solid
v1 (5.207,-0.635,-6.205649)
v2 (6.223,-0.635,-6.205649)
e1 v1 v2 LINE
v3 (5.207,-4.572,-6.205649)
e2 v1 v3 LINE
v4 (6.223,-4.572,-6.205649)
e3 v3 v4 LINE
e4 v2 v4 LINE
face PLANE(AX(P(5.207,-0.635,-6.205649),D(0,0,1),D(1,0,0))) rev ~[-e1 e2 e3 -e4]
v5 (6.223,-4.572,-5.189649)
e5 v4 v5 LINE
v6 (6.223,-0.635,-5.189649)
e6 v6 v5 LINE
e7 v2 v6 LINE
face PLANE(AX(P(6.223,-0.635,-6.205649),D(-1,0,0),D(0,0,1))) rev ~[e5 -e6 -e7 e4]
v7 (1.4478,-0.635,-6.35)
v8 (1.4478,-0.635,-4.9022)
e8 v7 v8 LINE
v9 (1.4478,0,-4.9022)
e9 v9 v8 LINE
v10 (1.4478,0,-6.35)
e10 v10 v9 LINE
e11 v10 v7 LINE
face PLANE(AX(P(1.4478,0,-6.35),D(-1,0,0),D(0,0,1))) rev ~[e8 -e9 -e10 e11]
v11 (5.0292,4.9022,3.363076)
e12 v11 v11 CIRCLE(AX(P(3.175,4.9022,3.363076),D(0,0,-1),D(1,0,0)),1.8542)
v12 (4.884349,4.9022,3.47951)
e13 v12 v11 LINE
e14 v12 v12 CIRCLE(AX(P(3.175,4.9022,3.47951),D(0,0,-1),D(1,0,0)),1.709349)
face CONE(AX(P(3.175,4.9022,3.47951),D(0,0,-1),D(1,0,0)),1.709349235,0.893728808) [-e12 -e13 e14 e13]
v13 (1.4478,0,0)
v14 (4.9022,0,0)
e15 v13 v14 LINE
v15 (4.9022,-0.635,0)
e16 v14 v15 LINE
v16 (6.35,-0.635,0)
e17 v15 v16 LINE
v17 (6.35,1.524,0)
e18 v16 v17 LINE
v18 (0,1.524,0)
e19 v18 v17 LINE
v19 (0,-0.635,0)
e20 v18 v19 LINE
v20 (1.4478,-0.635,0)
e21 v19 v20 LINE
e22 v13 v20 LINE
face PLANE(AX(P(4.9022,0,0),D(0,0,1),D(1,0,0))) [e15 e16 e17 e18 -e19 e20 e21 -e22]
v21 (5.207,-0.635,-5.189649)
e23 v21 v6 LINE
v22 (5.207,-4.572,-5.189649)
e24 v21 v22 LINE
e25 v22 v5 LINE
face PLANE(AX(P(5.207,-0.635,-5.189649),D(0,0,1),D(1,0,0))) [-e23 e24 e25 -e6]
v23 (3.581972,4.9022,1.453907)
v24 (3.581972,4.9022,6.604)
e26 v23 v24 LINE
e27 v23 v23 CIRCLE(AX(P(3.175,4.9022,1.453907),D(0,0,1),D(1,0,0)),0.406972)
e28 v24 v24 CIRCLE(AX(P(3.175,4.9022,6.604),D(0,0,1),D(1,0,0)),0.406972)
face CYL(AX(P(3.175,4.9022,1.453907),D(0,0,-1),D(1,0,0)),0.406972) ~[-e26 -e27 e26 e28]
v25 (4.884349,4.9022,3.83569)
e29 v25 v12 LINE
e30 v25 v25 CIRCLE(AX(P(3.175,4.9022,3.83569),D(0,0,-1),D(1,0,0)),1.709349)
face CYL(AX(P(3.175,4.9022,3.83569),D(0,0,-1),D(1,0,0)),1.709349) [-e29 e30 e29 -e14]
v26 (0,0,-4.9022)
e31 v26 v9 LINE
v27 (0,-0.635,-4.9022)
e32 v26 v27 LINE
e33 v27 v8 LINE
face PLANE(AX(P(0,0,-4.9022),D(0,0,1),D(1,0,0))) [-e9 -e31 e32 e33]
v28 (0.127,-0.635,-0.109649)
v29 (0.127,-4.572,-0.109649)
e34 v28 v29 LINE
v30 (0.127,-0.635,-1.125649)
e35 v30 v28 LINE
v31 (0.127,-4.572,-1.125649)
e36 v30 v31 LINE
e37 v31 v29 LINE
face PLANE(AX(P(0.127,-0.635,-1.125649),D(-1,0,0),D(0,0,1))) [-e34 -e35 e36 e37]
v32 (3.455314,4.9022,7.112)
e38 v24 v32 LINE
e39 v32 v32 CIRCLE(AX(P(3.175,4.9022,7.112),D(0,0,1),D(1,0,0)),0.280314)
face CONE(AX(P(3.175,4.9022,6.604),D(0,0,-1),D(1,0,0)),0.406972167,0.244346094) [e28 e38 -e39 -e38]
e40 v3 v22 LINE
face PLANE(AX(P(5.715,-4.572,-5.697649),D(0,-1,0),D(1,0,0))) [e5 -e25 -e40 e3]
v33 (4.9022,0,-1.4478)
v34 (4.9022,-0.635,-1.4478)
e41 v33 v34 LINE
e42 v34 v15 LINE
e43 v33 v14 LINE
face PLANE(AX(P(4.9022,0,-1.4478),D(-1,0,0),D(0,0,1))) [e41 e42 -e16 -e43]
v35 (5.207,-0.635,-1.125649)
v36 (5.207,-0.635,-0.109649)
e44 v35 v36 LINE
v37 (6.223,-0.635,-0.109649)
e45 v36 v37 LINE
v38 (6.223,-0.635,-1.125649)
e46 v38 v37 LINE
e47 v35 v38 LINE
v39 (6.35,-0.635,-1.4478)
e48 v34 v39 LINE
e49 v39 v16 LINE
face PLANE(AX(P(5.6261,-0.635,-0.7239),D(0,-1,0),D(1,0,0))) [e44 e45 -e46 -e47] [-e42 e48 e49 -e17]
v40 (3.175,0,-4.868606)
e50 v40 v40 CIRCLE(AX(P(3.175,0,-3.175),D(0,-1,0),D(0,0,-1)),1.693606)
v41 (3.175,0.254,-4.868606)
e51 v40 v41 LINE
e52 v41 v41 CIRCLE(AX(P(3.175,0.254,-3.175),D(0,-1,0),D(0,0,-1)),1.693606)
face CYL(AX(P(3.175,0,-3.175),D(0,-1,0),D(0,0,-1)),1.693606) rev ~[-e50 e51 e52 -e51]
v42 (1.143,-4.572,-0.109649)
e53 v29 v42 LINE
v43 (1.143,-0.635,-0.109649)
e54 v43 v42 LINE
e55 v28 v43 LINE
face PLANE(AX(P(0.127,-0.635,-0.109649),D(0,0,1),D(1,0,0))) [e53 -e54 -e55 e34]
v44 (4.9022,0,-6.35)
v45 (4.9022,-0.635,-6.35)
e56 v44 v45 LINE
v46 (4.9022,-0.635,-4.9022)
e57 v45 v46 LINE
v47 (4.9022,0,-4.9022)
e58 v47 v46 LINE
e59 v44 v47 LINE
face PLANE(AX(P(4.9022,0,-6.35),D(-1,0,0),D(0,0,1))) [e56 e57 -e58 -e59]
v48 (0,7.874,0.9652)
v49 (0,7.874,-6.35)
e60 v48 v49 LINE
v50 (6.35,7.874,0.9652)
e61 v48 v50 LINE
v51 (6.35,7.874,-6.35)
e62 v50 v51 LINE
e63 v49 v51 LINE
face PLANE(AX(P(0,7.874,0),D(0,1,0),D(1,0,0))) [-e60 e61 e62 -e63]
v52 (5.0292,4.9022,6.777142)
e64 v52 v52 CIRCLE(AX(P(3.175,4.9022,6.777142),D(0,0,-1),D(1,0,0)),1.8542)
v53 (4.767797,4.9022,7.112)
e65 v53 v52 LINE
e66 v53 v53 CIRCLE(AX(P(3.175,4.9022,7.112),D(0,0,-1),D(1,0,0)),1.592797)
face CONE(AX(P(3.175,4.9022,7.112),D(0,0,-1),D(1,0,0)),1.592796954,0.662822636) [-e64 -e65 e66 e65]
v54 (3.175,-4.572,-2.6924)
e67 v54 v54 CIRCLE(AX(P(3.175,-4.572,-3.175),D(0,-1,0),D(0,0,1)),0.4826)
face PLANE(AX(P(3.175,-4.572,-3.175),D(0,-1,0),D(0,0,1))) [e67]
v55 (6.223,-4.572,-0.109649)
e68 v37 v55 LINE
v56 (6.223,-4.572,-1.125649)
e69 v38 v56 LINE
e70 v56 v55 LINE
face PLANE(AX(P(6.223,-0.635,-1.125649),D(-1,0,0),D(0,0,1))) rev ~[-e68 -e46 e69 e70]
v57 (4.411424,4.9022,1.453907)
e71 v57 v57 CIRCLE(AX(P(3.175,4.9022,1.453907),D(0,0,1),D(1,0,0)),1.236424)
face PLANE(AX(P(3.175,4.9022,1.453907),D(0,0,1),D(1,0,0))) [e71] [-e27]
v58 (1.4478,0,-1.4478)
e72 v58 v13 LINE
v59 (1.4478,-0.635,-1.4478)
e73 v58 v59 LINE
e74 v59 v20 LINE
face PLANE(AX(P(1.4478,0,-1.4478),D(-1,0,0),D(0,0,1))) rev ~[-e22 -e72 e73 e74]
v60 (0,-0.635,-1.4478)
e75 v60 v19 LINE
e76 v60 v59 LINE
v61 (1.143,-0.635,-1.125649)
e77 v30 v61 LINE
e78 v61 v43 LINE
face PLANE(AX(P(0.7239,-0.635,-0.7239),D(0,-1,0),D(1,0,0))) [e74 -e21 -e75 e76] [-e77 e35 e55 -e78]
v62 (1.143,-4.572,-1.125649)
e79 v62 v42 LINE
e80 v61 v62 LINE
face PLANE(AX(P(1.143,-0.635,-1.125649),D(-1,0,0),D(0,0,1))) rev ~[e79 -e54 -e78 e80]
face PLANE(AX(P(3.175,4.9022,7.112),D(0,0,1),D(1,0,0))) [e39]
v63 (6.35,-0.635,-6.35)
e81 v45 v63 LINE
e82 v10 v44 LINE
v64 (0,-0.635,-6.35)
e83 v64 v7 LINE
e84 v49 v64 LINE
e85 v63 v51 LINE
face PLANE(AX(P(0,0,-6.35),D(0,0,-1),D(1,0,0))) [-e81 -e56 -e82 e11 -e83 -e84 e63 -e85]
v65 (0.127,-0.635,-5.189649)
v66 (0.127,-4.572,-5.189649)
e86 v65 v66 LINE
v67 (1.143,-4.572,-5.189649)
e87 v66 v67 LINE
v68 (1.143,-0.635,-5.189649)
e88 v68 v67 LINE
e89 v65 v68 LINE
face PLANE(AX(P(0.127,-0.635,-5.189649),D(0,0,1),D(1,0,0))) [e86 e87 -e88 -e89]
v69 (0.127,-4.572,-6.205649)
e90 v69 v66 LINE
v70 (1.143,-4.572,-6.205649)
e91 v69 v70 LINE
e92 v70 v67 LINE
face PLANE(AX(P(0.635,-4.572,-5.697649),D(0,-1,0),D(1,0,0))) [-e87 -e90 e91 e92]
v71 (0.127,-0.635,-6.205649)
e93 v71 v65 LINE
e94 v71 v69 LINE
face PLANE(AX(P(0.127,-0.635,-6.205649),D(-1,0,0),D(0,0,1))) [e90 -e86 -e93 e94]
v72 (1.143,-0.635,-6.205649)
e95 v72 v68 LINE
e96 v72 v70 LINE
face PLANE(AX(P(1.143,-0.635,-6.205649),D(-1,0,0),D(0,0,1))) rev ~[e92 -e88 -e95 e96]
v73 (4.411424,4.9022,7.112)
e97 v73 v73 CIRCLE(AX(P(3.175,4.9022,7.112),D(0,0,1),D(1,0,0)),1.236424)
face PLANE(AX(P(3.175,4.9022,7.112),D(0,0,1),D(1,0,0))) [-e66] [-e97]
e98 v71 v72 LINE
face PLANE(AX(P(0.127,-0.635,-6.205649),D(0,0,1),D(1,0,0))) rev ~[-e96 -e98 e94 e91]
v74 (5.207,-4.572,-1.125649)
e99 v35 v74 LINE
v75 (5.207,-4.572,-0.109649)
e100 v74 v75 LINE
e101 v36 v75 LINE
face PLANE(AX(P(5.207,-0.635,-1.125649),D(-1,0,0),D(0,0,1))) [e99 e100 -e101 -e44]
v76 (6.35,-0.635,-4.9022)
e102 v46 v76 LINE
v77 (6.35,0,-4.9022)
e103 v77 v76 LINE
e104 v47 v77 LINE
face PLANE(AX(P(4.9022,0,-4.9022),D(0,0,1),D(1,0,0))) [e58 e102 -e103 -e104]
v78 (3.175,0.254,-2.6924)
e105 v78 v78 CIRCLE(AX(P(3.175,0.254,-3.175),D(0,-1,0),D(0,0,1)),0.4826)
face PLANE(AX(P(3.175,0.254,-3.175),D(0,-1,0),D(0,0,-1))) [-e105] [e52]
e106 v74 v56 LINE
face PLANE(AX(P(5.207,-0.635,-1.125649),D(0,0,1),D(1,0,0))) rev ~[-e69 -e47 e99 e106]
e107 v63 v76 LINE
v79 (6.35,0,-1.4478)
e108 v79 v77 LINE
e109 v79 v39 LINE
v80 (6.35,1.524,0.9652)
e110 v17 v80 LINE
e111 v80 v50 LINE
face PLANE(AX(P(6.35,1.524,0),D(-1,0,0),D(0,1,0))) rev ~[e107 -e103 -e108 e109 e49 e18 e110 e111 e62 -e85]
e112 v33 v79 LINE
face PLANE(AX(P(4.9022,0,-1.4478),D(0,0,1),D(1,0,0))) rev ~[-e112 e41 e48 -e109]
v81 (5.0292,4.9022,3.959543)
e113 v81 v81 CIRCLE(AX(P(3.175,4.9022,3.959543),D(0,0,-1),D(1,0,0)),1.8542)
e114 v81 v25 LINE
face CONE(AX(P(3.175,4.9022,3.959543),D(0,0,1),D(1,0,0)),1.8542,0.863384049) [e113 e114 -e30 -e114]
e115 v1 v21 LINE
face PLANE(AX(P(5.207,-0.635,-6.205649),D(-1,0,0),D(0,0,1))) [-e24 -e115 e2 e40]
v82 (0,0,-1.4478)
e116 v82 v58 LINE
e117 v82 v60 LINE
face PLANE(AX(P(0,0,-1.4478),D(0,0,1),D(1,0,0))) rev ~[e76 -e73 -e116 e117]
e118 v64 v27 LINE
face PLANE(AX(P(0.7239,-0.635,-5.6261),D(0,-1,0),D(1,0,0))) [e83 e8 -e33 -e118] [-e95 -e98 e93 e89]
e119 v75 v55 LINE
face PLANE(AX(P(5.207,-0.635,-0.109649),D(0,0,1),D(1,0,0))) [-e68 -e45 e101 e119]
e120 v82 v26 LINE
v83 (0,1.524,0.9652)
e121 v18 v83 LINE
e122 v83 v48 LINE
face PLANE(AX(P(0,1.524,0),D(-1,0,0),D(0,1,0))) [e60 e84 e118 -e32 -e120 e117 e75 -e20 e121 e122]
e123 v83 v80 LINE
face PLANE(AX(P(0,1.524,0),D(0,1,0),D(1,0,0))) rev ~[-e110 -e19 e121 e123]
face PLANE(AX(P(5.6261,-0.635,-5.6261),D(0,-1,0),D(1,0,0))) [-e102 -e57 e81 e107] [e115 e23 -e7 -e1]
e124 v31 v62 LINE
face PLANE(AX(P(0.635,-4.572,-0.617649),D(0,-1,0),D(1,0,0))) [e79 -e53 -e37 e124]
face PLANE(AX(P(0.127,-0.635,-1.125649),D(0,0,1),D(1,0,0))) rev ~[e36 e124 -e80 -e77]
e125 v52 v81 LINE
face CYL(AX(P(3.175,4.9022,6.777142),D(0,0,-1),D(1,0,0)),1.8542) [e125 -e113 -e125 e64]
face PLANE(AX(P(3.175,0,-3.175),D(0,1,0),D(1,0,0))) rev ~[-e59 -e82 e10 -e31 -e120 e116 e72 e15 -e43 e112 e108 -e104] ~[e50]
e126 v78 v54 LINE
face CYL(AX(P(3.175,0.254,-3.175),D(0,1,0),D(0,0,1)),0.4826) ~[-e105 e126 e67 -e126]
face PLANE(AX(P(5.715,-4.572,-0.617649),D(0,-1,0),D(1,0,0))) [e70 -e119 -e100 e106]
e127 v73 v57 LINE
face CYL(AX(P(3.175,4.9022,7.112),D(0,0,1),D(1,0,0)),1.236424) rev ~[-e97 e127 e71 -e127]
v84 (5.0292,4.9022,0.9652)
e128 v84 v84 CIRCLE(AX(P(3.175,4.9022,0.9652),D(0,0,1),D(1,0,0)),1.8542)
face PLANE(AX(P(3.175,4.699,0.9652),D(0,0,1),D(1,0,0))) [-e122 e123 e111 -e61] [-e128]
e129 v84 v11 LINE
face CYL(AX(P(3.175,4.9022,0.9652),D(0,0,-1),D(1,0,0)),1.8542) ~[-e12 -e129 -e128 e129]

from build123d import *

# Parameters (mm, degrees)
SKETCH1_W          = 6.35
SKETCH1_H          = 6.35
EXTRUDE1_DEPTH     = 7.874
SKETCH2_W          = 1.4478
SKETCH2_H          = 1.4478
EXTRUDE2_DEPTH     = 0.635
SKETCH3_W          = 1.016
SKETCH3_H          = 1.016
EXTRUDE3_DEPTH     = 3.937
SKETCH4_R          = 1.693605641
CUT_EXTRUDE1_DEPTH = 0.254
SKETCH5_R          = 0.4826
EXTRUDE4_DEPTH     = 4.826
SKETCH6_W          = 6.35
SKETCH6_H          = 6.35
EXTRUDE5_DEPTH     = 0.9652
SKETCH7_R          = 1.8542
EXTRUDE6_DEPTH     = 6.1468
SKETCH9_R          = 1.236423773
CUT_EXTRUDE2_DEPTH = 5.658092827
SKETCH10_R         = 0.406972167
EXTRUDE7_DEPTH     = 5.658092827
CHAMFER1_SIZE      = 0.508
CHAMFER1_SIZE2     = 0.126658625


with BuildPart() as part:
    # Sketch1 → Extrude1 (new body)
    with BuildSketch(Plane(origin=(0, 0, 0), x_dir=(1, 0, 0), z_dir=(0, 1, 0))):
        with Locations((3.175, 3.175)):
            Rectangle(SKETCH1_W, SKETCH1_H)
    extrude(amount=EXTRUDE1_DEPTH)

    # Sketch2 → Extrude2 (add)
    with BuildSketch(Plane.XZ):
        with Locations((5.6261, -0.7239)):
            Rectangle(SKETCH2_W, SKETCH2_H)
        with Locations((5.6261, -5.6261)):
            Rectangle(SKETCH2_W, SKETCH2_H)
        with Locations((0.7239, -5.6261)):
            Rectangle(SKETCH2_W, SKETCH2_H)
        with Locations((0.7239, -0.7239)):
            Rectangle(SKETCH2_W, SKETCH2_H)
    extrude(amount=EXTRUDE2_DEPTH)

    # Sketch3 → Extrude3 (add)
    with BuildSketch(Plane.XZ.offset(0.635)):
        with Locations((5.715, -0.617649022)):
            Rectangle(SKETCH3_W, SKETCH3_H)
        with Locations((5.715, -5.697649022)):
            Rectangle(SKETCH3_W, SKETCH3_H)
        with Locations((0.635, -5.697649022)):
            Rectangle(SKETCH3_W, SKETCH3_H)
        with Locations((0.635, -0.617649022)):
            Rectangle(SKETCH3_W, SKETCH3_H)
    extrude(amount=EXTRUDE3_DEPTH)

    # Sketch4 → Cut-Extrude1 (cut)
    with BuildSketch(Plane.XZ):
        with Locations(Location((3.175, -3.175, 0), (0, 0, 270))):
            Circle(SKETCH4_R)
    extrude(amount=-CUT_EXTRUDE1_DEPTH, mode=Mode.SUBTRACT)

    # Sketch5 → Extrude4 (add)
    with BuildSketch(Plane.XZ.offset(-0.254)):
        with Locations(Location((3.175, -3.175, 0), (0, 0, 90))):
            Circle(SKETCH5_R)
    extrude(amount=EXTRUDE4_DEPTH)

    # Sketch6 → Extrude5 (add)
    with BuildSketch(Plane.XY):
        with Locations((3.175, 4.699)):
            Rectangle(SKETCH6_W, SKETCH6_H)
    extrude(amount=EXTRUDE5_DEPTH)

    # Sketch7 → Extrude6 (add)
    with BuildSketch(Plane.XY.offset(0.9652)):
        with Locations((3.175, 4.9022)):
            Circle(SKETCH7_R)
    extrude(amount=EXTRUDE6_DEPTH)

    # Sketch8 → Cut-Revolve1 (revolve, cut)
    with BuildSketch(Plane(origin=(0, 4.9022, 0), x_dir=(-1, 0, 0), z_dir=(0, 1, 0))):
        Polygon((-4.767796954, 7.112), (-5.0292, 6.777141647), (-5.0292, 3.959542683), (-4.884349235, 3.83568961), (-4.884349235, 3.47951039), (-5.0292, 3.363076056), (-5.0292, 0.9652), (-5.650551893, 0.9652), (-5.650551893, 7.801111761), align=None)
    revolve(axis=Axis((3.175, 4.9022, 7.112), (0, 0, -1)), mode=Mode.SUBTRACT)

    # Sketch9 → Cut-Extrude2 (cut)
    with BuildSketch(Plane.XY.offset(7.112)):
        with Locations((3.175, 4.9022)):
            Circle(SKETCH9_R)
    extrude(amount=-CUT_EXTRUDE2_DEPTH, mode=Mode.SUBTRACT)

    # Sketch10 → Extrude7 (add)
    with BuildSketch(Plane.XY.offset(1.453907173)):
        with Locations((3.175, 4.9022)):
            Circle(SKETCH10_R)
    extrude(amount=EXTRUDE7_DEPTH)

    # Chamfer1
    chamfer1_edges = [part.edges().sort_by_distance(p)[0] for p in [
        (2.768027833, 4.9022, 7.112),
    ]]
    chamfer1_side = [part.faces().sort_by_distance(p)[0] for p in [
        (2.768027833, 4.9022, 4.282953587),
    ]]
    chamfer(chamfer1_edges, length=CHAMFER1_SIZE, length2=CHAMFER1_SIZE2, reference=chamfer1_side[0])


solid = part.part
